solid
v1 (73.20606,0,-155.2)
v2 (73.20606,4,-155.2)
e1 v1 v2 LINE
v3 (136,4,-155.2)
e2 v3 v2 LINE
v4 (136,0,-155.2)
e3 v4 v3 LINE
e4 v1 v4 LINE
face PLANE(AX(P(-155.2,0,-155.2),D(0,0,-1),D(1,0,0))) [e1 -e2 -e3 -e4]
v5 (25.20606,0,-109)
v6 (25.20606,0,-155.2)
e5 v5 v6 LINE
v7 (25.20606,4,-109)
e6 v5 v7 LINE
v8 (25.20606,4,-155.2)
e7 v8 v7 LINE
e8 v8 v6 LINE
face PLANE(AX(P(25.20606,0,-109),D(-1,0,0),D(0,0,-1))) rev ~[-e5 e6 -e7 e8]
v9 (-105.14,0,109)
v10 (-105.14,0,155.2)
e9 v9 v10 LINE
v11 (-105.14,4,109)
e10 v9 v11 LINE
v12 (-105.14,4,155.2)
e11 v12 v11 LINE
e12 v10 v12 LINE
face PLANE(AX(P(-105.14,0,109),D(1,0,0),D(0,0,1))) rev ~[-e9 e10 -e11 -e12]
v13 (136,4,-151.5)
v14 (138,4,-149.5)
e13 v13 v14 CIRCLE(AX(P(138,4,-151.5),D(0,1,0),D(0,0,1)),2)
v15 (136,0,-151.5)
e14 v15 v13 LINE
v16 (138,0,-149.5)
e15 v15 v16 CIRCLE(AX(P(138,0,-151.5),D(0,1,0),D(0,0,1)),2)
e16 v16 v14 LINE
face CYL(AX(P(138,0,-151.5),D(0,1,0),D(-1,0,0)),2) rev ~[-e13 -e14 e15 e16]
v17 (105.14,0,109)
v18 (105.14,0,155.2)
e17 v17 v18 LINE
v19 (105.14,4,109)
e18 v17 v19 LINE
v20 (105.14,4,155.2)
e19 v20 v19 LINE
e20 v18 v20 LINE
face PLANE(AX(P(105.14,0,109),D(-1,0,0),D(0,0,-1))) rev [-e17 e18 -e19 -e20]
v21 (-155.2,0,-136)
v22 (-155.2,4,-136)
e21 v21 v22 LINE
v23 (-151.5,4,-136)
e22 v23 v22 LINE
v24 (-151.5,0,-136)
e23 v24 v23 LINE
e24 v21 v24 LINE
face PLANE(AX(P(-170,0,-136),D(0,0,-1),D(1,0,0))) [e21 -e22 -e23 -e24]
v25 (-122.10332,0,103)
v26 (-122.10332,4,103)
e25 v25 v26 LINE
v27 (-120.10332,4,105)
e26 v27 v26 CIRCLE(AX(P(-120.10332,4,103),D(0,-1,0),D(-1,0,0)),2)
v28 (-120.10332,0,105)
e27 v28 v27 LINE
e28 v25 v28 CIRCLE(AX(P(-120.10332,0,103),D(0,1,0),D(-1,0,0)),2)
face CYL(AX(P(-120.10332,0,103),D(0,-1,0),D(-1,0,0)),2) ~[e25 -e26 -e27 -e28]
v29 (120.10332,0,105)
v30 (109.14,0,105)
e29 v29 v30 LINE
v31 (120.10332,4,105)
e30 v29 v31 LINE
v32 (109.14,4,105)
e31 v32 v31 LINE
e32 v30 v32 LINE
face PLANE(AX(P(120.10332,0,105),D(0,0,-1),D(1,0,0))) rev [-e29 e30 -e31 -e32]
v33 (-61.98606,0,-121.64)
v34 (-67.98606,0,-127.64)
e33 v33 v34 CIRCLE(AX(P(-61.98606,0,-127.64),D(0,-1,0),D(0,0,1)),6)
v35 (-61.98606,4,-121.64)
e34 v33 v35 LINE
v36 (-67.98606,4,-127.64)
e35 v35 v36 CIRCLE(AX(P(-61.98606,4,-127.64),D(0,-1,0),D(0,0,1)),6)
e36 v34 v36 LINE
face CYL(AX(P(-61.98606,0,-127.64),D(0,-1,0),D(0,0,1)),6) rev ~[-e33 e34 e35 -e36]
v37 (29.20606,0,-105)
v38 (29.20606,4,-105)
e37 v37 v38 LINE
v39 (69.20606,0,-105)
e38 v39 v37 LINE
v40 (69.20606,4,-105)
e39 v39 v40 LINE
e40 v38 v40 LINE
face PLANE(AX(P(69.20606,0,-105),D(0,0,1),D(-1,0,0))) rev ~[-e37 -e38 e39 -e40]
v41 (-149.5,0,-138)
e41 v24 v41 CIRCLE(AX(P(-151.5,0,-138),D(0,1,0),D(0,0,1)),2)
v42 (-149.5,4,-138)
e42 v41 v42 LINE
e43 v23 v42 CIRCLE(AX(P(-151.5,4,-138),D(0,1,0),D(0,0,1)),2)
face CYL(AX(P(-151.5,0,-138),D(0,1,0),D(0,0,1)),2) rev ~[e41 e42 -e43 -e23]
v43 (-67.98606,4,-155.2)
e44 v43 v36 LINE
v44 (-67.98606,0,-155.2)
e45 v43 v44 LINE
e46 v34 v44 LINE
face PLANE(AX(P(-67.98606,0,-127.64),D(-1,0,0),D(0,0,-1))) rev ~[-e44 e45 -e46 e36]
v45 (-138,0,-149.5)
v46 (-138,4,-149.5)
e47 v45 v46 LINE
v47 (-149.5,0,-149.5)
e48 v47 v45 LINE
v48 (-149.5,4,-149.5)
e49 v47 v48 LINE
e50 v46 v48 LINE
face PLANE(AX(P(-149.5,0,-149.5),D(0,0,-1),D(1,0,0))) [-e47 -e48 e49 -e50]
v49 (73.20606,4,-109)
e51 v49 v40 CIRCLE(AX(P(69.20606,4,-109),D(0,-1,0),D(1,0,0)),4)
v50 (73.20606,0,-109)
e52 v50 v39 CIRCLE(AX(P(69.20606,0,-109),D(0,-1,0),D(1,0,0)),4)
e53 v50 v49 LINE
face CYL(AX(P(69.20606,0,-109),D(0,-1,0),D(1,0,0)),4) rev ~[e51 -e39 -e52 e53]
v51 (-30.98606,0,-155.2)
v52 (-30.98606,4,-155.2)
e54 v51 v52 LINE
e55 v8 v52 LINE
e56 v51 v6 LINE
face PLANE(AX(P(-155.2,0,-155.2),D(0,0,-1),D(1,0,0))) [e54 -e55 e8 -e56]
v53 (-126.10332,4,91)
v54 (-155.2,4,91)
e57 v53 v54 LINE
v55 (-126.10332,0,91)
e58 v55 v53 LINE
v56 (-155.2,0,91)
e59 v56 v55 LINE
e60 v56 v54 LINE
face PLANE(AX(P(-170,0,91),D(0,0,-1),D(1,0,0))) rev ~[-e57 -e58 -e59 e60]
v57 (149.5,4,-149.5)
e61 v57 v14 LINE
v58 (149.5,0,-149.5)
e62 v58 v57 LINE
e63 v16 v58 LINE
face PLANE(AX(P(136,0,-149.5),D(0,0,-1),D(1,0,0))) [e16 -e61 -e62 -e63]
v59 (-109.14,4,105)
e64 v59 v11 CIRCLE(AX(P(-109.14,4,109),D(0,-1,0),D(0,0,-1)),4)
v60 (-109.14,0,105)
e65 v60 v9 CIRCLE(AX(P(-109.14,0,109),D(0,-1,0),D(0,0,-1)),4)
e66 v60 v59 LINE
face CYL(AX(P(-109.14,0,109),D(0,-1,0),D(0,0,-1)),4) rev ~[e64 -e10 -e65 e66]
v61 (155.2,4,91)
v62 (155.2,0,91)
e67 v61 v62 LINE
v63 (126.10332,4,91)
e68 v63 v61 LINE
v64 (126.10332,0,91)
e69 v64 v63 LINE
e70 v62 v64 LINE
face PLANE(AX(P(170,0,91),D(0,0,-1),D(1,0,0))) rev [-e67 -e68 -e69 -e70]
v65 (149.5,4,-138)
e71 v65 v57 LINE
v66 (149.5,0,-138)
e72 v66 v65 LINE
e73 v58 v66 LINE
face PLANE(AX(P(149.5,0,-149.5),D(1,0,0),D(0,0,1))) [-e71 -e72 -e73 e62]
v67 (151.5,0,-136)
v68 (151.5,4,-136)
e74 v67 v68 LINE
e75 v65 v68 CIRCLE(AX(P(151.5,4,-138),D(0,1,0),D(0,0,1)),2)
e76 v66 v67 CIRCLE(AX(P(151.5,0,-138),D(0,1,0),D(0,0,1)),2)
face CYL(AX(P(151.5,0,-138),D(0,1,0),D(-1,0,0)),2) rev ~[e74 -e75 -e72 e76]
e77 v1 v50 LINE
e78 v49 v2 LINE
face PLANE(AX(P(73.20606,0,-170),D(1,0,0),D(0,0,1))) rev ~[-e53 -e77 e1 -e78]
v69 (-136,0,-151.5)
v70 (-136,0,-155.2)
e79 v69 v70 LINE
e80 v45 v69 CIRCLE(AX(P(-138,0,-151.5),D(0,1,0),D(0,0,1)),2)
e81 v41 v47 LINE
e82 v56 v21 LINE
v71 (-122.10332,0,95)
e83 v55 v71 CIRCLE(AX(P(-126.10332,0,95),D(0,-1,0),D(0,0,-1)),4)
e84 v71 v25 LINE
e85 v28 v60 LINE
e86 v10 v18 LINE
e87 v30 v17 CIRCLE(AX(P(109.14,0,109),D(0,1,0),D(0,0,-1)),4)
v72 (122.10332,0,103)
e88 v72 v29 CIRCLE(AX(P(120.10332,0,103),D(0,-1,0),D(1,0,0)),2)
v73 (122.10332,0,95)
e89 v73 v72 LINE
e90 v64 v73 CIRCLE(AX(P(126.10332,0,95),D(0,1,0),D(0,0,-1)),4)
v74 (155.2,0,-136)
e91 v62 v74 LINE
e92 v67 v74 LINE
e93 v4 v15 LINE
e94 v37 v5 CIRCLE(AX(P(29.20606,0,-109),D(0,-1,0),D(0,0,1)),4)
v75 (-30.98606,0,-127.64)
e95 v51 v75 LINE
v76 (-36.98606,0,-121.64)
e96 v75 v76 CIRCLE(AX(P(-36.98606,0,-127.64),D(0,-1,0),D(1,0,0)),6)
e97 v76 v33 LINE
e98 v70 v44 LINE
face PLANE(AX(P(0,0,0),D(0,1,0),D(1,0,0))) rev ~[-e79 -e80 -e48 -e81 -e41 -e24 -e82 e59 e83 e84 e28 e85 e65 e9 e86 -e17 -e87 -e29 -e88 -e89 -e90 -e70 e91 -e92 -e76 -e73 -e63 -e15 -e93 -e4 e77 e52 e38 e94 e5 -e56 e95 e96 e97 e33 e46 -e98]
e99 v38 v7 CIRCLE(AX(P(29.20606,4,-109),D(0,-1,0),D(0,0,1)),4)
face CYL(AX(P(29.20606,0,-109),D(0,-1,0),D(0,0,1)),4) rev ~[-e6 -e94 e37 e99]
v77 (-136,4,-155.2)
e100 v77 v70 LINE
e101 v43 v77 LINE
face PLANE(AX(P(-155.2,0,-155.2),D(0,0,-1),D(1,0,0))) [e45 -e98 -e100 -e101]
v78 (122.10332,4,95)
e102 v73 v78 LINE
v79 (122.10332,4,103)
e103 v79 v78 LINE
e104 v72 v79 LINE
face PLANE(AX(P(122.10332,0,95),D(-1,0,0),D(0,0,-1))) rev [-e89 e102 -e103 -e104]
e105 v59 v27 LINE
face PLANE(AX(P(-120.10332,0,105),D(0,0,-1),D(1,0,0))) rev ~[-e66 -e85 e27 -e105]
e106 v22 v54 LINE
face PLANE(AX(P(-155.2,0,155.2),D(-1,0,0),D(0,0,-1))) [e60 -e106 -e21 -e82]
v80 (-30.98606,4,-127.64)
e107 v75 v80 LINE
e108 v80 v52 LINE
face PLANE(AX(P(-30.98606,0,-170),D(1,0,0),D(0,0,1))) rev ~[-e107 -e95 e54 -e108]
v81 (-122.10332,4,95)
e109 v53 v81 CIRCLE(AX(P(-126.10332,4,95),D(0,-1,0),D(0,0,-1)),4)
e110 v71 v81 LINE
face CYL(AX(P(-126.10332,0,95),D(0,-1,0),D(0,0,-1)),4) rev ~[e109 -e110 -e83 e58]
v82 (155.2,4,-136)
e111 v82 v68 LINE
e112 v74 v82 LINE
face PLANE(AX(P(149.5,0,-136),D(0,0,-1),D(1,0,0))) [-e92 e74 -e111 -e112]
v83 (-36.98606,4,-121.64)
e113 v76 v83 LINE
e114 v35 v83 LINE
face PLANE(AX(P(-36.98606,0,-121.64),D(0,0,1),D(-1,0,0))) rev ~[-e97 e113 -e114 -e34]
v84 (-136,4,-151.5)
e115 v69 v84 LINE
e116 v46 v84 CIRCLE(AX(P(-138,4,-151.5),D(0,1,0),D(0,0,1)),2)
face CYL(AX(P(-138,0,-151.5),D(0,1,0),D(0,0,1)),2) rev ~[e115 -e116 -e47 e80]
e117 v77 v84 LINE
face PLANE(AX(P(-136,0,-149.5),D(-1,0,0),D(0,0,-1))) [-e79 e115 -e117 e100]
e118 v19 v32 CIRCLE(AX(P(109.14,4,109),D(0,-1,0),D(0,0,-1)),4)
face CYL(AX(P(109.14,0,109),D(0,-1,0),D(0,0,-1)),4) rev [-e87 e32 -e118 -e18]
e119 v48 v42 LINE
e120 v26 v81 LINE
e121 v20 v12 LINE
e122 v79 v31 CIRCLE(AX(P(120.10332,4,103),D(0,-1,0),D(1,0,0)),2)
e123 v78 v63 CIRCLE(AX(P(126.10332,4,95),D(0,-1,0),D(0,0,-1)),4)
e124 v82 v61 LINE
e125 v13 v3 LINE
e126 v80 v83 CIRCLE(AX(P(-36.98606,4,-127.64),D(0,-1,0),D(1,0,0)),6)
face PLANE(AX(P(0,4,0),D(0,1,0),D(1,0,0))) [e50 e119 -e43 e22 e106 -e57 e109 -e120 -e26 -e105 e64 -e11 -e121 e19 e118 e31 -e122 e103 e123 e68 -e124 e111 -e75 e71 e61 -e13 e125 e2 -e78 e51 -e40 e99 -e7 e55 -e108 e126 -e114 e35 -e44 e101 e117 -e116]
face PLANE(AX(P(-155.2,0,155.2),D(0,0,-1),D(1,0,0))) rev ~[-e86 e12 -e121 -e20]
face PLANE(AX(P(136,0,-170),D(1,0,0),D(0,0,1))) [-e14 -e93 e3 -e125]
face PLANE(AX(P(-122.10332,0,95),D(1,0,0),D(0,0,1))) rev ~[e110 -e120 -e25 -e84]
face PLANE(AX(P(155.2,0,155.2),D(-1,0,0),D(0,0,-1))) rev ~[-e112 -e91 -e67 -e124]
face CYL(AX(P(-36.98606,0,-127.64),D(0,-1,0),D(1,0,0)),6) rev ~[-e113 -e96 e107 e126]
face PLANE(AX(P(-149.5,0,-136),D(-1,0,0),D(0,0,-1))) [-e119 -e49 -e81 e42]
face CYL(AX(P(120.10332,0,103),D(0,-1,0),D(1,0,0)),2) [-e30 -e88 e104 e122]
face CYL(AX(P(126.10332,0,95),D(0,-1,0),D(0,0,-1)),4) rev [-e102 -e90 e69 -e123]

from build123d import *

# Parameters (mm, degrees)
SKETCH1_W           = 340
SKETCH1_H           = 340
BOSS_EXTRUDE1_DEPTH = 4
CUT_EXTRUDE1_DEPTH  = 10
CUT_EXTRUDE2_DEPTH  = 10
CUT_EXTRUDE3_DEPTH  = 10
CUT_EXTRUDE4_DEPTH  = 10
FILLET1_R           = 2
SKETCH6_W           = 392.3816867
SKETCH6_H           = 384.263444906
SKETCH6_W_2         = 310.4
SKETCH6_H_2         = 310.4
CUT_EXTRUDE5_DEPTH  = 10


with BuildPart() as part:
    # Sketch1 → Boss-Extrude1 (new body)
    with BuildSketch(Plane(origin=(0, 0, 0), x_dir=(1, 0, 0), z_dir=(0, 1, 0))):
        Rectangle(SKETCH1_W, SKETCH1_H)
    extrude(amount=BOSS_EXTRUDE1_DEPTH)

    # Sketch2 → Cut-Extrude1 (cut)
    with BuildSketch(Plane.XZ):
        with BuildLine():
            Line((-66.986059773, -127.64), (-66.986059773, -170))
            Line((-66.986059773, -170), (-31.986059773, -170))
            Line((-31.986059773, -170), (-31.986059773, -127.64))
            ThreePointArc((-31.986059773, -127.64), (-33.450525867, -124.104466094), (-36.986059773, -122.64))
            Line((-36.986059773, -122.64), (-61.986059773, -122.64))
            ThreePointArc((-61.986059773, -122.64), (-65.521593679, -124.104466094), (-66.986059773, -127.64))
        make_face()
        with BuildLine():
            Line((-67.986059773, -170), (-66.986059773, -170))
            Line((-66.986059773, -170), (-66.986059773, -127.64))
            ThreePointArc((-66.986059773, -127.64), (-65.521593679, -124.104466094), (-61.986059773, -122.64))
            Line((-61.986059773, -122.64), (-36.986059773, -122.64))
            ThreePointArc((-36.986059773, -122.64), (-33.450525867, -124.104466094), (-31.986059773, -127.64))
            Line((-31.986059773, -127.64), (-31.986059773, -170))
            Line((-31.986059773, -170), (-30.986059773, -170))
            Line((-30.986059773, -170), (-30.986059773, -127.64))
            ThreePointArc((-30.986059773, -127.64), (-32.743419086, -123.397359313), (-36.986059773, -121.64))
            Line((-36.986059773, -121.64), (-61.986059773, -121.64))
            ThreePointArc((-61.986059773, -121.64), (-66.22870046, -123.397359313), (-67.986059773, -127.64))
            Line((-67.986059773, -127.64), (-67.986059773, -170))
        make_face()
    extrude(amount=-CUT_EXTRUDE1_DEPTH, mode=Mode.SUBTRACT)

    # Sketch3 → Cut-Extrude2 (cut)
    with BuildSketch(Plane.XZ):
        with BuildLine():
            Line((-170, 170), (-170, 100.75796452))
            Line((-170, 100.75796452), (-155.526912903, 92.401923789))
            ThreePointArc((-155.526912903, 92.401923789), (-154.803370039, 92.102222521), (-154.026912903, 92))
            Line((-154.026912903, 92), (-126.103320198, 92))
            ThreePointArc((-126.103320198, 92), (-123.981999855, 92.878679656), (-123.103320198, 95))
            Line((-123.103320198, 95), (-123.103320198, 103))
            ThreePointArc((-123.103320198, 103), (-122.224640542, 105.121320344), (-120.103320198, 106))
            Line((-120.103320198, 106), (-109.14, 106))
            ThreePointArc((-109.14, 106), (-107.018679656, 106.878679656), (-106.14, 109))
            Line((-106.14, 109), (-106.14, 148))
            Line((-106.14, 148), (-110.172231068, 170))
            Line((-110.172231068, 170), (-170, 170))
        make_face()
        with BuildLine():
            Line((-155.526912903, 92.401923789), (-170, 100.75796452))
            Line((-170, 100.75796452), (-170, 91))
            Line((-170, 91), (-154.026912903, 91))
            Line((-154.026912903, 91), (-126.103320198, 91))
            ThreePointArc((-126.103320198, 91), (-123.274893074, 92.171572875), (-122.103320198, 95))
            Line((-122.103320198, 95), (-122.103320198, 103))
            ThreePointArc((-122.103320198, 103), (-121.517533761, 104.414213562), (-120.103320198, 105))
            Line((-120.103320198, 105), (-109.14, 105))
            ThreePointArc((-109.14, 105), (-106.311572875, 106.171572875), (-105.14, 109))
            Line((-105.14, 109), (-105.14, 148.090884654))
            Line((-105.14, 148.090884654), (-105.14, 170))
            Line((-105.14, 170), (-110.172231068, 170))
            Line((-110.172231068, 170), (-106.14, 148))
            Line((-106.14, 148), (-106.14, 109))
            ThreePointArc((-106.14, 109), (-107.018679656, 106.878679656), (-109.14, 106))
            Line((-109.14, 106), (-120.103320198, 106))
            ThreePointArc((-120.103320198, 106), (-122.224640542, 105.121320344), (-123.103320198, 103))
            Line((-123.103320198, 103), (-123.103320198, 95))
            ThreePointArc((-123.103320198, 95), (-123.981999855, 92.878679656), (-126.103320198, 92))
            Line((-126.103320198, 92), (-154.026912903, 92))
            ThreePointArc((-154.026912903, 92), (-154.803370039, 92.102222521), (-155.526912903, 92.401923789))
        make_face()
    cut_extrude2 = extrude(amount=-CUT_EXTRUDE2_DEPTH, mode=Mode.SUBTRACT)

    # Mirror1: Cut-Extrude2 across plane
    add(cut_extrude2.mirror(Plane(origin=(0, 0, 0), x_dir=(0, 0, 1), z_dir=(1, 0, 0))), mode=Mode.SUBTRACT)

    # Sketch4 → Cut-Extrude3 (cut)
    with BuildSketch(Plane.XZ):
        with BuildLine():
            Line((26.206059773, -109), (26.206059773, -170))
            Line((26.206059773, -170), (72.206059773, -170))
            Line((72.206059773, -170), (72.206059773, -109))
            ThreePointArc((72.206059773, -109), (71.327380117, -106.878679656), (69.206059773, -106))
            Line((69.206059773, -106), (29.206059773, -106))
            ThreePointArc((29.206059773, -106), (27.08473943, -106.878679656), (26.206059773, -109))
        make_face()
        with BuildLine():
            Line((25.206059773, -170), (26.206059773, -170))
            Line((26.206059773, -170), (26.206059773, -109))
            ThreePointArc((26.206059773, -109), (27.08473943, -106.878679656), (29.206059773, -106))
            Line((29.206059773, -106), (69.206059773, -106))
            ThreePointArc((69.206059773, -106), (71.327380117, -106.878679656), (72.206059773, -109))
            Line((72.206059773, -109), (72.206059773, -170))
            Line((72.206059773, -170), (73.206059773, -170))
            Line((73.206059773, -170), (73.206059773, -109))
            ThreePointArc((73.206059773, -109), (72.034486898, -106.171572875), (69.206059773, -105))
            Line((69.206059773, -105), (29.206059773, -105))
            ThreePointArc((29.206059773, -105), (26.377632649, -106.171572875), (25.206059773, -109))
            Line((25.206059773, -109), (25.206059773, -170))
        make_face()
    extrude(amount=-CUT_EXTRUDE3_DEPTH, mode=Mode.SUBTRACT)

    # Sketch5 → Cut-Extrude4 (cut)
    with BuildSketch(Plane.XZ):
        Polygon((136, -170), (136, -149.5), (149.5, -149.5), (149.5, -136), (170, -136), (170, -170), align=None)
        Polygon((-170, -136), (-149.5, -136), (-149.5, -149.5), (-136, -149.5), (-136, -170), (-170, -170), align=None)
    extrude(amount=-CUT_EXTRUDE4_DEPTH, mode=Mode.SUBTRACT)

    # Fillet1
    fillet1_edges = [part.edges().sort_by_distance(p)[0] for p in [
        (136, 2, -149.5),
        (149.5, 2, -136),
        (-149.5, 2, -136),
        (-136, 2, -149.5),
    ]]
    fillet(fillet1_edges, radius=FILLET1_R)

    # Sketch6 → Cut-Extrude5 (cut)
    with BuildSketch(Plane(origin=(0, 0, 0), x_dir=(1, 0, 0), z_dir=(0, 1, 0))):
        Rectangle(SKETCH6_W, SKETCH6_H)
        Rectangle(SKETCH6_W_2, SKETCH6_H_2, mode=Mode.SUBTRACT)
    extrude(amount=CUT_EXTRUDE5_DEPTH, mode=Mode.SUBTRACT)


solid = part.part
